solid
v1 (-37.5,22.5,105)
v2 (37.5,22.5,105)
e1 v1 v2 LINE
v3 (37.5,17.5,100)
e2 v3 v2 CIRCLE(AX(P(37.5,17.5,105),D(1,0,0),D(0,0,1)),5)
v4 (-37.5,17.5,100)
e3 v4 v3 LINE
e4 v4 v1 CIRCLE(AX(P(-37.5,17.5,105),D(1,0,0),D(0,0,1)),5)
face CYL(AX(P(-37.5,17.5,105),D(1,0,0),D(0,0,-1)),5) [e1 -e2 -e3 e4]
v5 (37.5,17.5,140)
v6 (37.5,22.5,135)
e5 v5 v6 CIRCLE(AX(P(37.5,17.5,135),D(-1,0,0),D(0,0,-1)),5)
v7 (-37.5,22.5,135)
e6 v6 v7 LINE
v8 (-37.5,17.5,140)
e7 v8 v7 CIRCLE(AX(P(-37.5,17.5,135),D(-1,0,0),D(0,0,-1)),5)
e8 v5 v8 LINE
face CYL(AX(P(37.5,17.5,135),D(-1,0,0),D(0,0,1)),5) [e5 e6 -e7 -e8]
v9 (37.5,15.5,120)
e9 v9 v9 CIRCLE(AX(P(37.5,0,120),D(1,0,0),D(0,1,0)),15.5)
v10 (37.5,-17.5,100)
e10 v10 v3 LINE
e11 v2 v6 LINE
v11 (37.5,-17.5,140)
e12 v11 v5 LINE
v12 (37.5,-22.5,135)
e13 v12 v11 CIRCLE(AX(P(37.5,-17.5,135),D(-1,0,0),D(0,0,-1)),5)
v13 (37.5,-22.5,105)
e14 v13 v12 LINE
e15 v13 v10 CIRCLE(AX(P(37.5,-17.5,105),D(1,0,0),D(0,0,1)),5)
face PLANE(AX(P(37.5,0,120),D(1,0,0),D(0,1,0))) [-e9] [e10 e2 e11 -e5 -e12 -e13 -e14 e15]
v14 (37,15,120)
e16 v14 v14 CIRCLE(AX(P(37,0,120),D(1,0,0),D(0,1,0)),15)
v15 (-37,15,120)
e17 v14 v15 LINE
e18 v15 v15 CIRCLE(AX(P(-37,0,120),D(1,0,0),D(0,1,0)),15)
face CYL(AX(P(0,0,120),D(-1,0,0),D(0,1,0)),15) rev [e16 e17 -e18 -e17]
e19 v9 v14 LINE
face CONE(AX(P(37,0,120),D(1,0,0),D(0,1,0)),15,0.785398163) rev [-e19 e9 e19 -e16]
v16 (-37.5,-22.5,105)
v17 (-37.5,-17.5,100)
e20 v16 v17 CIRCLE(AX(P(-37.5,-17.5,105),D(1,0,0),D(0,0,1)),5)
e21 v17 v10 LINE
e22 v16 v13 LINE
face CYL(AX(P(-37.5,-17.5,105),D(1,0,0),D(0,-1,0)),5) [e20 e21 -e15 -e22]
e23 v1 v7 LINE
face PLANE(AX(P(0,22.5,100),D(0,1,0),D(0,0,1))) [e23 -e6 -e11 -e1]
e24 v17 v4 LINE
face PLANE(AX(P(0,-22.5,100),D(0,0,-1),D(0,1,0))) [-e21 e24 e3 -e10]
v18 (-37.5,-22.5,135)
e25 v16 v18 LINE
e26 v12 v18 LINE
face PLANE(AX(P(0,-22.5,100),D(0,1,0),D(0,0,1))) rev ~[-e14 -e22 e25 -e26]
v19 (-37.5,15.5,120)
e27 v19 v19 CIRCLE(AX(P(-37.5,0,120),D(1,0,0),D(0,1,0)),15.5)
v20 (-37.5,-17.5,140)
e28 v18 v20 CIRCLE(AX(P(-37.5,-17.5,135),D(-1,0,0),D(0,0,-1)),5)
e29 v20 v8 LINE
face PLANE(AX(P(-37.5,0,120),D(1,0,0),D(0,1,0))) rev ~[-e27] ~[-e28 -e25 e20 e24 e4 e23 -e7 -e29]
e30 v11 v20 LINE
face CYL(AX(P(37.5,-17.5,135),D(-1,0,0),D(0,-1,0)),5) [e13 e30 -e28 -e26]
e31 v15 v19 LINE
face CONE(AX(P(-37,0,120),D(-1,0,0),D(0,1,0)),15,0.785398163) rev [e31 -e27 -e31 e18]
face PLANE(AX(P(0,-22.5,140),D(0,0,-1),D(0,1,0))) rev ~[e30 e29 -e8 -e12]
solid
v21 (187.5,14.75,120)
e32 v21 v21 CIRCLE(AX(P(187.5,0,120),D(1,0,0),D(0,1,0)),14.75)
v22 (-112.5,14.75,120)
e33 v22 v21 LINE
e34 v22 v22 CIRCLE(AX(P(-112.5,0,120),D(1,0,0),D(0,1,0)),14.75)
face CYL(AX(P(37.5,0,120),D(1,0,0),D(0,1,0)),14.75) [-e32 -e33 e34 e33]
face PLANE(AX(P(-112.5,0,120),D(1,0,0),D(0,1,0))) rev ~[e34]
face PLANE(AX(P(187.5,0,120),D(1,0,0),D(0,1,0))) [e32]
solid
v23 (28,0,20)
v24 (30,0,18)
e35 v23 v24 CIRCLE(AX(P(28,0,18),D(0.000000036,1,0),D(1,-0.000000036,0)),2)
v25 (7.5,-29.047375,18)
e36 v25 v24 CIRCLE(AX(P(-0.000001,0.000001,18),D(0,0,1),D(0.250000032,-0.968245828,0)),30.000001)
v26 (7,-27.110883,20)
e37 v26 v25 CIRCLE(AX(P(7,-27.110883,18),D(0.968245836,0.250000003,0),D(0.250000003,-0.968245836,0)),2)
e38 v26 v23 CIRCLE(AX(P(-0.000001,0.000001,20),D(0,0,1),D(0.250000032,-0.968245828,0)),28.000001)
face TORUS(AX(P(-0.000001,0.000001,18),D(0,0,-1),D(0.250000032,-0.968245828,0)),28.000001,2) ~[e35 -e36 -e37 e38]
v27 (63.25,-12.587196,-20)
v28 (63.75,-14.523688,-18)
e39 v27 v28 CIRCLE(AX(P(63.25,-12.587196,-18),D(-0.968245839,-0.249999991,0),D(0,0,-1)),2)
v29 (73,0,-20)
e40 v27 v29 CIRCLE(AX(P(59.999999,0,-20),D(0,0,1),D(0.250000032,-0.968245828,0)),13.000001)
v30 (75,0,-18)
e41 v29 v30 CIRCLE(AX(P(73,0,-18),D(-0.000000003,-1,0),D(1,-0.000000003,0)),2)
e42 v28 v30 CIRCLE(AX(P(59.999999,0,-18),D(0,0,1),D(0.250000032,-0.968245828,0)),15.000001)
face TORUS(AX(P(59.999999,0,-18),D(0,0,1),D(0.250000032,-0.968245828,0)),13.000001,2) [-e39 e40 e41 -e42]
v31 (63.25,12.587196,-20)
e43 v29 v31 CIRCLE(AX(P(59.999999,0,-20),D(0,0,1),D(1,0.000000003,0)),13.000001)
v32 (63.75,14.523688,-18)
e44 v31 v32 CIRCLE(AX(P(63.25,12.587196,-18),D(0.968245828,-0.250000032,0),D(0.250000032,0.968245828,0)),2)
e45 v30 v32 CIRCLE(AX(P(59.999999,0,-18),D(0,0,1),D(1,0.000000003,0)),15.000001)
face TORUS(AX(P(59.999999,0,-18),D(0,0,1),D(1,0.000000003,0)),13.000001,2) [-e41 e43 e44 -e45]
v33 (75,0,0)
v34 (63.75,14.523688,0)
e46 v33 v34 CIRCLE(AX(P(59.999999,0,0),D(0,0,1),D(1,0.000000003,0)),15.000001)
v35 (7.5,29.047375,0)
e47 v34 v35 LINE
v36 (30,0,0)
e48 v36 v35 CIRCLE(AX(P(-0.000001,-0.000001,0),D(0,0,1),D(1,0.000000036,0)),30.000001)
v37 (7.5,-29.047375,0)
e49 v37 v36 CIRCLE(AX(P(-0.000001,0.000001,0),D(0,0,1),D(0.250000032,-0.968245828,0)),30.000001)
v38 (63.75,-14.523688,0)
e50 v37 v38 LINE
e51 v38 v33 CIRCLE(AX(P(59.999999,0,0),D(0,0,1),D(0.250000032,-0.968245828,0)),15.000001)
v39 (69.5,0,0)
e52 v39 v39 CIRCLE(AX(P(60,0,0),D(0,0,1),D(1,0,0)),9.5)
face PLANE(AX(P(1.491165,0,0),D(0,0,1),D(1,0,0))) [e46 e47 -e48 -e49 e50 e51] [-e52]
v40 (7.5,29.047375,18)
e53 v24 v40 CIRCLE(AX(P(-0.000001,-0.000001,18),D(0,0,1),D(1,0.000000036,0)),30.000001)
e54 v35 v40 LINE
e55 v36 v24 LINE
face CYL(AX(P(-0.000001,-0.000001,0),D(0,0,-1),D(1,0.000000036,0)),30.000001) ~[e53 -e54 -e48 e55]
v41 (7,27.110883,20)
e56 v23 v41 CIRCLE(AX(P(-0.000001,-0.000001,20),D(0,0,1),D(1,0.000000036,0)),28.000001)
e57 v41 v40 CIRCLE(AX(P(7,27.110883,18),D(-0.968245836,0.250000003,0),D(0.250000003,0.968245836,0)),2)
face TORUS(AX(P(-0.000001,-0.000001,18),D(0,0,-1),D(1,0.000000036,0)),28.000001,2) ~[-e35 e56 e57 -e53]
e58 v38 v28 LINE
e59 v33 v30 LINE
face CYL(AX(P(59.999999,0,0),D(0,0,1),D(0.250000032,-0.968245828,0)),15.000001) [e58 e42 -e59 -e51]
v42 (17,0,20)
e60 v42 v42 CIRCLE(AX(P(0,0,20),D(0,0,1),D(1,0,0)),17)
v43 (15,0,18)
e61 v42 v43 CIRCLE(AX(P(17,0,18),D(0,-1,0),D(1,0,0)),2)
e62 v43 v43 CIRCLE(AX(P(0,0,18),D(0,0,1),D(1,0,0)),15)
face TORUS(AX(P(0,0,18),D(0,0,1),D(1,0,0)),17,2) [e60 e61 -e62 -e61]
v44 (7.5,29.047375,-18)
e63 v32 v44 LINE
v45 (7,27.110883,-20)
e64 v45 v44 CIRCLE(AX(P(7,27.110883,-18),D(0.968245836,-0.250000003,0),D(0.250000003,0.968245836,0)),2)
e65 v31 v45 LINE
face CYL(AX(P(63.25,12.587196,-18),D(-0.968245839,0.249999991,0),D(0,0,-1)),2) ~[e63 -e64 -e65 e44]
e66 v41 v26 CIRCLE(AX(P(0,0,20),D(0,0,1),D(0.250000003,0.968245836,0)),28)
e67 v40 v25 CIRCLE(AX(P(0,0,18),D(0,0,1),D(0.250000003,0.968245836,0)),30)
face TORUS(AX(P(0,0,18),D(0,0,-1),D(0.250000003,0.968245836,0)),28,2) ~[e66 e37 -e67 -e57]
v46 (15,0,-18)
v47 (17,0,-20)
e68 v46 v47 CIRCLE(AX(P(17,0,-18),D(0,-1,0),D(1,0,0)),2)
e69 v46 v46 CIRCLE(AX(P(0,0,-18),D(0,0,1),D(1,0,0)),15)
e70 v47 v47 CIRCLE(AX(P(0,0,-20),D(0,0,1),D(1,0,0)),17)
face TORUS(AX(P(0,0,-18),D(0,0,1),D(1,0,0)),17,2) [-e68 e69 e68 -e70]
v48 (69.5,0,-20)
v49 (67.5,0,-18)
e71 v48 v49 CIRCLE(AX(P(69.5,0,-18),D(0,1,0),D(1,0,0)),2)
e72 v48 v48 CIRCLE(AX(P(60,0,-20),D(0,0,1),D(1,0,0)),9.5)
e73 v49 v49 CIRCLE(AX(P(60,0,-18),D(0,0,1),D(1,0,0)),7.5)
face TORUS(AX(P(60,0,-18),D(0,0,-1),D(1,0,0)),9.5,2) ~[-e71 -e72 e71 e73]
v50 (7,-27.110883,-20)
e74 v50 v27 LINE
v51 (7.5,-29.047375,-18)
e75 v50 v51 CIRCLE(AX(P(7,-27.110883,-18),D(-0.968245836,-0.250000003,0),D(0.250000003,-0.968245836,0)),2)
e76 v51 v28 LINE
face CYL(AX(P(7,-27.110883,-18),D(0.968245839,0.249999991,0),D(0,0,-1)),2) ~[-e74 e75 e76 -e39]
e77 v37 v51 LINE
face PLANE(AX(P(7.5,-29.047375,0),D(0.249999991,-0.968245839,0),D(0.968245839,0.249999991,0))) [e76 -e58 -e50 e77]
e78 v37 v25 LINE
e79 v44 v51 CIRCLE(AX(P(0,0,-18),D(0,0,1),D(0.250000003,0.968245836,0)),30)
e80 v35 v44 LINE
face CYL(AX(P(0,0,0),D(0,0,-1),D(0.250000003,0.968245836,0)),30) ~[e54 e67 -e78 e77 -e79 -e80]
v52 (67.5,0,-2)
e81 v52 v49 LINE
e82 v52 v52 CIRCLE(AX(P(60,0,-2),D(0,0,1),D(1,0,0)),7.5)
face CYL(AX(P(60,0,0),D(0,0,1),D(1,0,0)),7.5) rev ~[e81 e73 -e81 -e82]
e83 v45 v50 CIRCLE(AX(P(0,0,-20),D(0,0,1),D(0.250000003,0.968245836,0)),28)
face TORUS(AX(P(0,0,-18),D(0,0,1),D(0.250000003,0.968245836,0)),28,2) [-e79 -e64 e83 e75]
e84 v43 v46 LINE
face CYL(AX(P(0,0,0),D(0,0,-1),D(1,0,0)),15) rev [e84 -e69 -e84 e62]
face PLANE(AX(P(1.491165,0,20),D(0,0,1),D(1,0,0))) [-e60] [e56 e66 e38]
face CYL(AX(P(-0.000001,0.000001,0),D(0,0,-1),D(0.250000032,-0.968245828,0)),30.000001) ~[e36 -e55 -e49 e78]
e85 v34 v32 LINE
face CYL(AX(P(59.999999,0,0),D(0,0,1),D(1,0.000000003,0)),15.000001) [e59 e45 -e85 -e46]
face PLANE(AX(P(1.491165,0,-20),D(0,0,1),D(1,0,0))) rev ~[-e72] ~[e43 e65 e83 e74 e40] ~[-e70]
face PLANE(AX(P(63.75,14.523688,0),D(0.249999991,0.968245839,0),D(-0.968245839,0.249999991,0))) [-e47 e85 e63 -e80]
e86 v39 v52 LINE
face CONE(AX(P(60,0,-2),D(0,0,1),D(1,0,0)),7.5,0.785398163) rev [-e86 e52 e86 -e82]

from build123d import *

# Parameters (mm, degrees)
F0_R      = 15
F0_R_2    = 7.5
F1_DEPTH  = 20
F2_DEPTH  = 20
F3_R      = 2
F4_SIZE   = 2
F5_W      = 45
F5_H      = 40
F5_R      = 15
F6_DEPTH  = 37.5
F7_SIZE   = 0.5
F8_R      = 5
F9_R      = 14.75
F10_DEPTH = 150


with BuildPart() as f1:
    # F0 (on Top) → F1 (new body)
    with BuildSketch(Plane.XY):
        with BuildLine():
            ThreePointArc((7.5, -29.047375), (23.717082, -18.371173), (30, 0))
            ThreePointArc((30, 0), (23.717082, 18.371173), (7.5, 29.047375))
            ThreePointArc((7.5, 29.047375), (-30, 0), (7.5, -29.047375))
        make_face()
        Circle(F0_R, mode=Mode.SUBTRACT)
        with BuildLine():
            ThreePointArc((7.5, 29.047375), (23.717082, 18.371173), (30, 0))
            ThreePointArc((30, 0), (23.717082, -18.371173), (7.5, -29.047375))
            Line((7.5, -29.047375), (63.75, -14.523688))
            ThreePointArc((63.75, -14.523688), (45, 0), (63.75, 14.523688))
            Line((63.75, 14.523688), (7.5, 29.047375))
        make_face()
        with BuildLine():
            ThreePointArc((75, 0), (71.858541, 9.185587), (63.75, 14.523688))
            ThreePointArc((63.75, 14.523688), (45, 0), (63.75, -14.523688))
            ThreePointArc((63.75, -14.523688), (71.858541, -9.185587), (75, 0))
        make_face()
        with Locations((60, 0)):
            Circle(F0_R_2, mode=Mode.SUBTRACT)
    extrude(amount=-F1_DEPTH)

    # F0 (on Top) → F2 (join)
    with BuildSketch(Plane.XY):
        with BuildLine():
            ThreePointArc((7.5, -29.047375), (23.717082, -18.371173), (30, 0))
            ThreePointArc((30, 0), (23.717082, 18.371173), (7.5, 29.047375))
            ThreePointArc((7.5, 29.047375), (-30, 0), (7.5, -29.047375))
        make_face()
        Circle(F0_R, mode=Mode.SUBTRACT)
    extrude(amount=F2_DEPTH)

    # F3
    f3_edges = [f1.edges().sort_by_distance(p)[0] for p in [
        (-7.5, 29.047375, 20),
        (-15, 0, 20),
        (-30, 0, -20),
        (35.625, -21.785531, -20),
        (75, 0, -20),
        (35.625, 21.785531, -20),
        (-15, 0, -20),
        (52.5, 0, -20),
    ]]
    fillet(f3_edges, radius=F3_R)

    # F4
    f4_edges = [f1.edges().sort_by_distance(p)[0] for p in [
        (52.5, 0, 0),
    ]]
    chamfer(f4_edges, length=F4_SIZE)


with BuildPart() as f6:
    # F5 (on Right) → F6 (new body, symmetric)
    with BuildSketch(Plane.YZ):
        with Locations((0, 120)):
            Rectangle(F5_W, F5_H)
        with Locations((0, 120)):
            Circle(F5_R, mode=Mode.SUBTRACT)
    extrude(amount=F6_DEPTH, both=True)

    # F7
    f7_edges = [f6.edges().sort_by_distance(p)[0] for p in [
        (-37.5, -15, 120),
        (37.5, -15, 120),
    ]]
    chamfer(f7_edges, length=F7_SIZE)

    # F8
    f8_edges = [f6.edges().sort_by_distance(p)[0] for p in [
        (0, 22.5, 140),
        (0, -22.5, 140),
        (0, 22.5, 100),
        (0, -22.5, 100),
    ]]
    fillet(f8_edges, radius=F8_R)


with BuildPart() as f10:
    # F9 (on face) → F10 (new body, symmetric)
    with BuildSketch(Plane.YZ.offset(37.5)):
        with Locations((0, 120)):
            Circle(F9_R)
    extrude(amount=F10_DEPTH, both=True)


solid = Compound([f1.part, f6.part, f10.part])
